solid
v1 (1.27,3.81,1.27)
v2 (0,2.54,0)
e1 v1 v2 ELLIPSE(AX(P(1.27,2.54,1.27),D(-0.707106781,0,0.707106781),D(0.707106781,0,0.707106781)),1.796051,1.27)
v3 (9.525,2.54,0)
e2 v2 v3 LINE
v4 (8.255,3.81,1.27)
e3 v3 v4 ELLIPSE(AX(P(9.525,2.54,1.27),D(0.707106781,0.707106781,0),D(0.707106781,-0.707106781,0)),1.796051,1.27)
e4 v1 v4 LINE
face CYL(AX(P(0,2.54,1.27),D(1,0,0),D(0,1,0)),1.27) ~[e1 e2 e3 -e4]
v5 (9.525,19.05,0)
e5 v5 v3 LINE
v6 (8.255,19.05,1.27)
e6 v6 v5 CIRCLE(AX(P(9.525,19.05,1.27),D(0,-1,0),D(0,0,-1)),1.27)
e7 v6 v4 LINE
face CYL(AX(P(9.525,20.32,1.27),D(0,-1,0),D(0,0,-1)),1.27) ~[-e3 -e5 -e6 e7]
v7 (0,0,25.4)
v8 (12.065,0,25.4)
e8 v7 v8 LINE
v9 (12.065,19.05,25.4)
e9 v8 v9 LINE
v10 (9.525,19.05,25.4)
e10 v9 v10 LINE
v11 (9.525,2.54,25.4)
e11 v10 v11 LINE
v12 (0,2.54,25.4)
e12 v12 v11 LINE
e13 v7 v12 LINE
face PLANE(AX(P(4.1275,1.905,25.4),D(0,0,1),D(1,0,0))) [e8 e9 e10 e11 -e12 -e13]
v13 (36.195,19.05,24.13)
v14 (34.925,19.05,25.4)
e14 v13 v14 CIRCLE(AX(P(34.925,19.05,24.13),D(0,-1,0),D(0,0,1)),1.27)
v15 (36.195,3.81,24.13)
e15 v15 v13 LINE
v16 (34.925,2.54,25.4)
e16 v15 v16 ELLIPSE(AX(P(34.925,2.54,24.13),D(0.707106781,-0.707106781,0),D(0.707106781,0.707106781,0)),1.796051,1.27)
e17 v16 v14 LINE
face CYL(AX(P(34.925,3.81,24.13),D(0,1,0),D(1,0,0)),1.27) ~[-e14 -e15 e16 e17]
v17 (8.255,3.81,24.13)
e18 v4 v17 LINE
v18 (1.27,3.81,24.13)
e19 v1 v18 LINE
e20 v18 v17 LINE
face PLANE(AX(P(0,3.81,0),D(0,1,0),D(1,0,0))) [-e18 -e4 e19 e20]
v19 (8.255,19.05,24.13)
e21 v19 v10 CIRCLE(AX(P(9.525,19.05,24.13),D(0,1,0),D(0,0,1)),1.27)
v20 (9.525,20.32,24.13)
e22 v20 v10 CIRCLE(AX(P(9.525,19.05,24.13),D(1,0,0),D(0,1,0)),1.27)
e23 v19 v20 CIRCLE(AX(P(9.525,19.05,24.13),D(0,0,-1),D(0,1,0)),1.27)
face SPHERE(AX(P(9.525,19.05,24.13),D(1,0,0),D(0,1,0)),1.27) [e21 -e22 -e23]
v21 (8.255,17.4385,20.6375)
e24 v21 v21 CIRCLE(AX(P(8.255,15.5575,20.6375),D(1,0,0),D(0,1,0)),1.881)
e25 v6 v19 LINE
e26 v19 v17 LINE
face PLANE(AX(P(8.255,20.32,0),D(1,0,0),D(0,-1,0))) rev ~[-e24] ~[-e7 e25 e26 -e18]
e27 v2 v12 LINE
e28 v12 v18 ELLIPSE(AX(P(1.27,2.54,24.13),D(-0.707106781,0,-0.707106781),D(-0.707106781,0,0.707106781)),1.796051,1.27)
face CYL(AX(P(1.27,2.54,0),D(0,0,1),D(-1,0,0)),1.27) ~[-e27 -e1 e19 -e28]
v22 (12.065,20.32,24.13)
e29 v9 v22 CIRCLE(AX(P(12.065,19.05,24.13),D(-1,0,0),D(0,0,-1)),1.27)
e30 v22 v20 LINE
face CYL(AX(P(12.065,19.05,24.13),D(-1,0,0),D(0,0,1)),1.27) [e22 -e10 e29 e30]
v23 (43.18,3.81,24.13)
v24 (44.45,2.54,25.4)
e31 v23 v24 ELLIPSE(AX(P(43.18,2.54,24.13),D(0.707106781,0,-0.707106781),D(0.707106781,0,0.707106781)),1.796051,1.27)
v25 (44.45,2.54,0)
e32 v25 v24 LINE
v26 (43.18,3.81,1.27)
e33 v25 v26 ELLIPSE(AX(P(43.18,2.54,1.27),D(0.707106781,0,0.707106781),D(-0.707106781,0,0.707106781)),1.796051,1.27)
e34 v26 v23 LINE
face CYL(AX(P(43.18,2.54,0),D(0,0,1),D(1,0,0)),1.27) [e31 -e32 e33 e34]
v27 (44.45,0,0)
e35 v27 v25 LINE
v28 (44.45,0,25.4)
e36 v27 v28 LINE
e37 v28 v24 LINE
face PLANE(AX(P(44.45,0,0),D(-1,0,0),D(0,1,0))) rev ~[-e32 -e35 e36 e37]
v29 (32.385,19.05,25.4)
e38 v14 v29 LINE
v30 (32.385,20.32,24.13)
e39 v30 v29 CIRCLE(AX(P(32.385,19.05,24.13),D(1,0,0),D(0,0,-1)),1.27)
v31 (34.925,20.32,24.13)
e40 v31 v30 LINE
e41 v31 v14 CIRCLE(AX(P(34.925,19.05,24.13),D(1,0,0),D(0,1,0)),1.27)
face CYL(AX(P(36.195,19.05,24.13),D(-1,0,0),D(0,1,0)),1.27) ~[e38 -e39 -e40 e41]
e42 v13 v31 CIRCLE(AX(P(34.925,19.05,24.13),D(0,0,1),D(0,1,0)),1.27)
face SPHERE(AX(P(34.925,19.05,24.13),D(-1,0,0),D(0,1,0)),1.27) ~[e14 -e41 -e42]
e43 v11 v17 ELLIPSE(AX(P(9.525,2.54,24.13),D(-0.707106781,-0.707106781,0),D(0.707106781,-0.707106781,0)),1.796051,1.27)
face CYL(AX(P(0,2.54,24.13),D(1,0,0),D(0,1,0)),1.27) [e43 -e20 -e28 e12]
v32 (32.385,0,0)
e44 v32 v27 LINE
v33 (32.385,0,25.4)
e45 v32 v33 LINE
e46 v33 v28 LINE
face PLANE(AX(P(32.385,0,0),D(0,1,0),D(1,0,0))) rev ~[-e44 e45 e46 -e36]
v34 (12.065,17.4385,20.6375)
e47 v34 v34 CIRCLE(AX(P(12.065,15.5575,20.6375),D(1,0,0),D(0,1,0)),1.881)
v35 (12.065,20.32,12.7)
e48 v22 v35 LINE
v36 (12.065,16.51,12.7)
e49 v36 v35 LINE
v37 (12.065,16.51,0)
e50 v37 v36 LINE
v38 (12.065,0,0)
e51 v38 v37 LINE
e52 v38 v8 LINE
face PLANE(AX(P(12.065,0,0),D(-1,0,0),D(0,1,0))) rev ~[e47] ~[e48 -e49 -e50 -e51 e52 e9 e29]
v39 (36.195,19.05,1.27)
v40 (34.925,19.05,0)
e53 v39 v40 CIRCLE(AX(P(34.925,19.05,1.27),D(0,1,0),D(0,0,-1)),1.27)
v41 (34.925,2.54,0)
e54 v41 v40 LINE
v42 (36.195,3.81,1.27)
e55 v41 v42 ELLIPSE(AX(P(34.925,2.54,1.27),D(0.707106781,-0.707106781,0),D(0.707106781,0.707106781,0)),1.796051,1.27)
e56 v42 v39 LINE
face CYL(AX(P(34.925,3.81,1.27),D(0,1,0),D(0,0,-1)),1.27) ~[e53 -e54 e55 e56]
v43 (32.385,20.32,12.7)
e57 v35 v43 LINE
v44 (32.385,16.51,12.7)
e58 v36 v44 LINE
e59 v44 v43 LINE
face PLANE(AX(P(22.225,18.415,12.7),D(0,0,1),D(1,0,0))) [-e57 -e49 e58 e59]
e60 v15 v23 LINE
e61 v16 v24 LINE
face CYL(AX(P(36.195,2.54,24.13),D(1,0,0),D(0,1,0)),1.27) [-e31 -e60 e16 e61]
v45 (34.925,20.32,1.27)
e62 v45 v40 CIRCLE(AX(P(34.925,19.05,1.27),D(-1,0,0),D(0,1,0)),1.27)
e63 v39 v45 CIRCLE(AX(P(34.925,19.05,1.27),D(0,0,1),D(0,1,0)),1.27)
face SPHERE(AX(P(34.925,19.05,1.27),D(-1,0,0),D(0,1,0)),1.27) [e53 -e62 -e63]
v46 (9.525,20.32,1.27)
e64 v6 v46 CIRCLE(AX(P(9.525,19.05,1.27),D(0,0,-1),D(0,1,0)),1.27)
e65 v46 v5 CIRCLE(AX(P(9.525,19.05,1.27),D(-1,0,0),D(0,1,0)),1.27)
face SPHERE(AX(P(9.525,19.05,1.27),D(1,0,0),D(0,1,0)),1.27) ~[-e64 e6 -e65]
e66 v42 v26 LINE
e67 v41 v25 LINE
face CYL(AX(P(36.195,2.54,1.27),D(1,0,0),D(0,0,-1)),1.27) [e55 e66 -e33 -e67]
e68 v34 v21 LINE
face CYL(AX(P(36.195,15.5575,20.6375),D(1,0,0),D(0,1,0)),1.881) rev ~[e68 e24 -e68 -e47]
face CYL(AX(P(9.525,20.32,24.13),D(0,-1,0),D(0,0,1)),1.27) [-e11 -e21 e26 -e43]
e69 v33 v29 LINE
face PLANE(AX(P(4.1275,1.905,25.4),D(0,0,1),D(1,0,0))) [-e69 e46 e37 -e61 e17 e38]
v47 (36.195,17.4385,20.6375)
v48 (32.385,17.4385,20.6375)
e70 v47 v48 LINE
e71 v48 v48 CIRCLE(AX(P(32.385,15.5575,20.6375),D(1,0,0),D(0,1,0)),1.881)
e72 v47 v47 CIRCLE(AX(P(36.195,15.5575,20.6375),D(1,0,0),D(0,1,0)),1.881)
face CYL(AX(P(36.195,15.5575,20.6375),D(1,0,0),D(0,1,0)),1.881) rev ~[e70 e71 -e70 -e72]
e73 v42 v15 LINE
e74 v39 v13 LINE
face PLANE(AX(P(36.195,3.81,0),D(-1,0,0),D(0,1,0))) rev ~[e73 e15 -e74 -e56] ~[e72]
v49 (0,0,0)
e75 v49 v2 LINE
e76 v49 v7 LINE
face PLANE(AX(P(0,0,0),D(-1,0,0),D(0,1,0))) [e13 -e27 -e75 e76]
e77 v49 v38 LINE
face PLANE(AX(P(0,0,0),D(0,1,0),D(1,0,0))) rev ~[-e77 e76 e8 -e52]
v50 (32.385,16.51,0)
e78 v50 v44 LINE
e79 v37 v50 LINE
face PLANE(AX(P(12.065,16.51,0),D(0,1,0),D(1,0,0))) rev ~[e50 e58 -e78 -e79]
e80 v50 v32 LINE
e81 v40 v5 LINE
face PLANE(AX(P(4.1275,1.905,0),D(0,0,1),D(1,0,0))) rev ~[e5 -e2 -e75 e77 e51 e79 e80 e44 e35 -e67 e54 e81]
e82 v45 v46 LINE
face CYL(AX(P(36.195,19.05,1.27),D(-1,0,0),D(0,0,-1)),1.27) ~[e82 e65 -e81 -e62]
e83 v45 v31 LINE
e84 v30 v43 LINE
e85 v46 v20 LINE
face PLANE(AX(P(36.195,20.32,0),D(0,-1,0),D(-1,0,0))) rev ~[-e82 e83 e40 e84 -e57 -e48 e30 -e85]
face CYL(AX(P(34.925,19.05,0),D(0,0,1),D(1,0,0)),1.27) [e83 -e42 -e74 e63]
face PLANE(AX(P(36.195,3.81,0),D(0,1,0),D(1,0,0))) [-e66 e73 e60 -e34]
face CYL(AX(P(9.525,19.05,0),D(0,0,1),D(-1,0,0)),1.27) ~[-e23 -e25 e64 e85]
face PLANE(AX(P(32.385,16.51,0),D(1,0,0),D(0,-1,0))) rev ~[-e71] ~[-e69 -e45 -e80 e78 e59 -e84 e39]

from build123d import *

# Parameters (mm, degrees)
F0_W     = 8.255
F0_H     = 3.81
F1_DEPTH = 25.4
F2_W     = 20.32
F2_H     = 3.81
F3_DEPTH = 12.7
F4_R     = 1.881
F5_DEPTH = 36.196
F6_R     = 1.27


with BuildPart() as f1:
    # F0 (on Top) → F1 (new body)
    with BuildSketch(Plane.XY):
        with Locations((4.1275, 1.905)):
            Rectangle(F0_W, F0_H)
        Polygon((8.255, 3.81), (8.255, 0), (12.065, 0), (12.065, 16.51), (8.255, 16.51), align=None)
        Polygon((8.255, 20.32), (8.255, 16.51), (12.065, 16.51), (32.385, 16.51), (36.195, 16.51), (36.195, 20.32), align=None)
        Polygon((36.195, 16.51), (32.385, 16.51), (32.385, 0), (36.195, 0), (36.195, 3.81), align=None)
        with Locations((40.3225, 1.905)):
            Rectangle(F0_W, F0_H)
    extrude(amount=F1_DEPTH)

    # F2 (on face) → F3 (cut)
    with BuildSketch(Plane.XY.offset(25.4)):
        with Locations((22.225, 18.415)):
            Rectangle(F2_W, F2_H)
    extrude(amount=-F3_DEPTH, mode=Mode.SUBTRACT)

    # F4 (on face) → F5 (cut, through all)
    with BuildSketch(Plane.YZ.offset(36.195)):
        with Locations((15.5575, 20.6375)):
            Circle(F4_R)
    extrude(amount=-F5_DEPTH, mode=Mode.SUBTRACT)

    # F6
    f6_edges = [f1.edges().sort_by_distance(p)[0] for p in [
        (10.16, 20.32, 25.4),
        (34.29, 20.32, 25.4),
        (22.225, 20.32, 0),
        (36.195, 20.32, 12.7),
        (8.255, 20.32, 12.7),
        (36.195, 12.065, 25.4),
        (8.255, 12.065, 25.4),
        (36.195, 12.065, 0),
        (8.255, 12.065, 0),
        (4.1275, 3.81, 0),
        (0, 3.81, 12.7),
        (4.1275, 3.81, 25.4),
        (40.3225, 3.81, 25.4),
        (44.45, 3.81, 12.7),
        (40.3225, 3.81, 0),
    ]]
    fillet(f6_edges, radius=F6_R)


solid = f1.part
